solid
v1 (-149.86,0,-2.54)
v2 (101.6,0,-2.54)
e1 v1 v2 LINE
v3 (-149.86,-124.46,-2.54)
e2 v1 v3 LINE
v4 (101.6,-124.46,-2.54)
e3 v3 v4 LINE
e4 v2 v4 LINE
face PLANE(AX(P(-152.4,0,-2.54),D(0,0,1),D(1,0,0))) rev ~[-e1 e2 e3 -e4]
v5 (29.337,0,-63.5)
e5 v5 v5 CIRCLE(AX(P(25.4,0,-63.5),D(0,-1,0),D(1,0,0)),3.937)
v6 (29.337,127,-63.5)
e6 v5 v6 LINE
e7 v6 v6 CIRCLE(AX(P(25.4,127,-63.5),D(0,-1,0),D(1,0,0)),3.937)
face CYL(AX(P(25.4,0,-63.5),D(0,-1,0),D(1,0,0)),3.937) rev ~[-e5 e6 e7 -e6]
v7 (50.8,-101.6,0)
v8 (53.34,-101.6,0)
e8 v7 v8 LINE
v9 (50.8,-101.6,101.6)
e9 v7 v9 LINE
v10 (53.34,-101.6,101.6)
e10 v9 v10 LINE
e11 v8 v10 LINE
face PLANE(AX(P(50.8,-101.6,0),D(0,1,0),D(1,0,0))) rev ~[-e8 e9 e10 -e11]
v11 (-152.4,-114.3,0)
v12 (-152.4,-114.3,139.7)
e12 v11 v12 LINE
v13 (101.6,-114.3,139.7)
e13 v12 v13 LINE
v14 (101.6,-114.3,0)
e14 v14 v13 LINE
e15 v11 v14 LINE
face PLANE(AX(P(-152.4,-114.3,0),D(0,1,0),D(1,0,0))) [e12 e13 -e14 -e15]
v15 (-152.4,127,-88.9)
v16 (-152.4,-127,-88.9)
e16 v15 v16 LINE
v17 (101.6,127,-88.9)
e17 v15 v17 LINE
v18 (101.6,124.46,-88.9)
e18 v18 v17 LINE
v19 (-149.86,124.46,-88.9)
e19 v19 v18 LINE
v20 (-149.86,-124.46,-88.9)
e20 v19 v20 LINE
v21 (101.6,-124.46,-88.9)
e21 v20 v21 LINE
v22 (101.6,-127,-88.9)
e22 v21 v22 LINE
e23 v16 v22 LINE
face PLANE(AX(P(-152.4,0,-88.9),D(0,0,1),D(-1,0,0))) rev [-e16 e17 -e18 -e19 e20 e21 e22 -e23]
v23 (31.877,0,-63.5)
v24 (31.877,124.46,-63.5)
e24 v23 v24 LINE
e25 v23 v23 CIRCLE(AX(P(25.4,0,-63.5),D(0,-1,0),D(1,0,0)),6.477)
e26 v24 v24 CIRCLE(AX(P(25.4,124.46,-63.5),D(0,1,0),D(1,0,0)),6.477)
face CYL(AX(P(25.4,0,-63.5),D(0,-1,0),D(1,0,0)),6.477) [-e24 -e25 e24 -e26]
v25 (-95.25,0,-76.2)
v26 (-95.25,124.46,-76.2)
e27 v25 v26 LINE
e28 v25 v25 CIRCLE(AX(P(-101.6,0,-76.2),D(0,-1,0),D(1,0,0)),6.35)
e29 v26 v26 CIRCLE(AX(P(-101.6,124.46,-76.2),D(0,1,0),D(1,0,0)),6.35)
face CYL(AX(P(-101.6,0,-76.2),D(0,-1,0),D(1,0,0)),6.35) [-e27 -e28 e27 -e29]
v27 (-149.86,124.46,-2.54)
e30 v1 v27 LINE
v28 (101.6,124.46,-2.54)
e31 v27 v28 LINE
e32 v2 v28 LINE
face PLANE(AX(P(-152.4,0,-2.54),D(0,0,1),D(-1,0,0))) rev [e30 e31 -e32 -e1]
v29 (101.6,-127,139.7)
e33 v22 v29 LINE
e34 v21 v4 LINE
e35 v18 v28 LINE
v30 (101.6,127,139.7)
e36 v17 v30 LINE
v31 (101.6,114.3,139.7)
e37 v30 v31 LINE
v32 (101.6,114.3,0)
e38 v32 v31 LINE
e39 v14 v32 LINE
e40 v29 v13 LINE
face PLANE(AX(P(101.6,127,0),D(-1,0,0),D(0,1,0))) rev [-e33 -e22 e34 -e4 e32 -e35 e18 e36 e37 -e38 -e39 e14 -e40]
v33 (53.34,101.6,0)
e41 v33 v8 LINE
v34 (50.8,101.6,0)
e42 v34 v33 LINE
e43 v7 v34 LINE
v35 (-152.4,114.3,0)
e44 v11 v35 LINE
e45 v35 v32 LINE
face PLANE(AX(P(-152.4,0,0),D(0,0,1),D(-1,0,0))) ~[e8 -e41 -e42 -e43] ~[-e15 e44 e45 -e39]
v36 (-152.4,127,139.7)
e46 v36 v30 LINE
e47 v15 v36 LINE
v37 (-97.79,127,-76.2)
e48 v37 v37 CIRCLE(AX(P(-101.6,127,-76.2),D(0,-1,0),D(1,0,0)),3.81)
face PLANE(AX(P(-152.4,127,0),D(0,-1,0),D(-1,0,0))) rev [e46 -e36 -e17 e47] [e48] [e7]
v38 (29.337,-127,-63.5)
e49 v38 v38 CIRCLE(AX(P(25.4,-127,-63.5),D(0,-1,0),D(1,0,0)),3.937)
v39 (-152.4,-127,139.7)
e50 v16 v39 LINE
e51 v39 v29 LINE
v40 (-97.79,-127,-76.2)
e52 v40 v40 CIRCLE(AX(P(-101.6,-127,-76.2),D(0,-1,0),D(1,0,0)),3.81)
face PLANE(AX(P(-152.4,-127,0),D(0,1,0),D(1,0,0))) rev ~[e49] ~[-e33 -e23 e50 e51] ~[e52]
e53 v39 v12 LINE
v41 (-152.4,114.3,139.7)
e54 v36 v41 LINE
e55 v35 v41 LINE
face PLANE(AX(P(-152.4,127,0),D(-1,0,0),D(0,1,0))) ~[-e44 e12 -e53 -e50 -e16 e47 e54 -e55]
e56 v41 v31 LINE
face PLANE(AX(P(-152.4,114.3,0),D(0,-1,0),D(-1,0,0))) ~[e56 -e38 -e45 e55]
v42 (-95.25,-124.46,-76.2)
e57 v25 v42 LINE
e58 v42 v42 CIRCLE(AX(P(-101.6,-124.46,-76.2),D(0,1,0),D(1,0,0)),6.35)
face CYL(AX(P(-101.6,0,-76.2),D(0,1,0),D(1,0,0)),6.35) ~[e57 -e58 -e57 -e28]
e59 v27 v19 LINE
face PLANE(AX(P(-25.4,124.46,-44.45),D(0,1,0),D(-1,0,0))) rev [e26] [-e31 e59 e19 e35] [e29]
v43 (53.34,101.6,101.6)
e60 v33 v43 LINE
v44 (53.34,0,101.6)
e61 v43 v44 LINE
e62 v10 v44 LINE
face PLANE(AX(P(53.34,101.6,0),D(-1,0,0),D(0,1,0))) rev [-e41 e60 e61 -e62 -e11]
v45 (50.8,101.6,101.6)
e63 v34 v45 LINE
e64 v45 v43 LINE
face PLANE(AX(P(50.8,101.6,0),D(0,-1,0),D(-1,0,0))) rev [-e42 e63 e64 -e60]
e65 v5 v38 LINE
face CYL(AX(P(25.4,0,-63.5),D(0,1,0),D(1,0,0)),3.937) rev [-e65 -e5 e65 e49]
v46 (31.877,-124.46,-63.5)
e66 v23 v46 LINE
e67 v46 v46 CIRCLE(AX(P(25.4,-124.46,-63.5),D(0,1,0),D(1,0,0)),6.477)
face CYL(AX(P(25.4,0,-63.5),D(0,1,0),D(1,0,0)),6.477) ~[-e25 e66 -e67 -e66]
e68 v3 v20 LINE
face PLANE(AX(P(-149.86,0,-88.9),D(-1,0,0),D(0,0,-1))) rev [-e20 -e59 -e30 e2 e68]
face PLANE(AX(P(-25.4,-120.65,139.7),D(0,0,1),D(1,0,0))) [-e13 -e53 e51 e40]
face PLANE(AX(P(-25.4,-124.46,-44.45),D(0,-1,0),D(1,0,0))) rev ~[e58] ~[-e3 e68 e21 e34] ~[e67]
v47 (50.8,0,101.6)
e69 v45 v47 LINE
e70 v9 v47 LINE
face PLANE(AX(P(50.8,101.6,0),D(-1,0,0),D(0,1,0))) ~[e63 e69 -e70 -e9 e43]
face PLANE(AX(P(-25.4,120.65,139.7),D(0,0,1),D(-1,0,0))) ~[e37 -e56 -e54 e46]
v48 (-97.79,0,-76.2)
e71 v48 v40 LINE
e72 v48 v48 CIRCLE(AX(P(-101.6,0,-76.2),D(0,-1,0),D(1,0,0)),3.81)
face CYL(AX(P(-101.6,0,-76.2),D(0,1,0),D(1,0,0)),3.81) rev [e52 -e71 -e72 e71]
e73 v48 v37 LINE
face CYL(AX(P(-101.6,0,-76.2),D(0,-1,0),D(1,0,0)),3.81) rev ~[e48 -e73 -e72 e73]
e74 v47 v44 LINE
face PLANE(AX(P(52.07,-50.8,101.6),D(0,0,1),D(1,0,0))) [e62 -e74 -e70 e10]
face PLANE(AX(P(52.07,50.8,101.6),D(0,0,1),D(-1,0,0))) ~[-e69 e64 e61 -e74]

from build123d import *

# Parameters (mm, degrees)
F0_W     = 254
F0_H     = 88.9
F0_R     = 3.81
F0_R_2   = 3.937
F1_DEPTH = 127
F2_T     = -2.54
F3_W     = 2.54
F3_H     = 101.6
F4_DEPTH = 101.6
F5_W     = 254
F5_H     = 12.7
F6_DEPTH = 139.7


with BuildPart() as f1:
    # F0 (on Front) → F1 (new body)
    with BuildSketch(Plane.XZ):
        with Locations((-25.4, -44.45)):
            Rectangle(F0_W, F0_H)
        with Locations((-101.6, -76.2)):
            Circle(F0_R, mode=Mode.SUBTRACT)
        with Locations((25.4, -63.5)):
            Circle(F0_R_2, mode=Mode.SUBTRACT)
    extrude(amount=F1_DEPTH)

    # F2
    f2_openings = [f1.faces().sort_by_distance(p)[0] for p in [
        (-25.35547, 0, -44.344356),
        (-25.4, -63.5, -88.9),
        (101.6, -63.5, -44.45),
    ]]
    offset(amount=F2_T, openings=f2_openings)

    # F3 (on face) → F4 (join)
    with BuildSketch(Plane.XY):
        with Locations((52.07, -50.8)):
            Rectangle(F3_W, F3_H)
    extrude(amount=F4_DEPTH)

    # F5 (on face) → F6 (join)
    with BuildSketch(Plane.XY):
        with Locations((-25.4, -120.65)):
            Rectangle(F5_W, F5_H)
    extrude(amount=F6_DEPTH)

    # F7: F1 across plane


with BuildPart() as f1_1:
    add(f1.part)
    add(f1.part.mirror(Plane.XZ))


solid = f1_1.part
